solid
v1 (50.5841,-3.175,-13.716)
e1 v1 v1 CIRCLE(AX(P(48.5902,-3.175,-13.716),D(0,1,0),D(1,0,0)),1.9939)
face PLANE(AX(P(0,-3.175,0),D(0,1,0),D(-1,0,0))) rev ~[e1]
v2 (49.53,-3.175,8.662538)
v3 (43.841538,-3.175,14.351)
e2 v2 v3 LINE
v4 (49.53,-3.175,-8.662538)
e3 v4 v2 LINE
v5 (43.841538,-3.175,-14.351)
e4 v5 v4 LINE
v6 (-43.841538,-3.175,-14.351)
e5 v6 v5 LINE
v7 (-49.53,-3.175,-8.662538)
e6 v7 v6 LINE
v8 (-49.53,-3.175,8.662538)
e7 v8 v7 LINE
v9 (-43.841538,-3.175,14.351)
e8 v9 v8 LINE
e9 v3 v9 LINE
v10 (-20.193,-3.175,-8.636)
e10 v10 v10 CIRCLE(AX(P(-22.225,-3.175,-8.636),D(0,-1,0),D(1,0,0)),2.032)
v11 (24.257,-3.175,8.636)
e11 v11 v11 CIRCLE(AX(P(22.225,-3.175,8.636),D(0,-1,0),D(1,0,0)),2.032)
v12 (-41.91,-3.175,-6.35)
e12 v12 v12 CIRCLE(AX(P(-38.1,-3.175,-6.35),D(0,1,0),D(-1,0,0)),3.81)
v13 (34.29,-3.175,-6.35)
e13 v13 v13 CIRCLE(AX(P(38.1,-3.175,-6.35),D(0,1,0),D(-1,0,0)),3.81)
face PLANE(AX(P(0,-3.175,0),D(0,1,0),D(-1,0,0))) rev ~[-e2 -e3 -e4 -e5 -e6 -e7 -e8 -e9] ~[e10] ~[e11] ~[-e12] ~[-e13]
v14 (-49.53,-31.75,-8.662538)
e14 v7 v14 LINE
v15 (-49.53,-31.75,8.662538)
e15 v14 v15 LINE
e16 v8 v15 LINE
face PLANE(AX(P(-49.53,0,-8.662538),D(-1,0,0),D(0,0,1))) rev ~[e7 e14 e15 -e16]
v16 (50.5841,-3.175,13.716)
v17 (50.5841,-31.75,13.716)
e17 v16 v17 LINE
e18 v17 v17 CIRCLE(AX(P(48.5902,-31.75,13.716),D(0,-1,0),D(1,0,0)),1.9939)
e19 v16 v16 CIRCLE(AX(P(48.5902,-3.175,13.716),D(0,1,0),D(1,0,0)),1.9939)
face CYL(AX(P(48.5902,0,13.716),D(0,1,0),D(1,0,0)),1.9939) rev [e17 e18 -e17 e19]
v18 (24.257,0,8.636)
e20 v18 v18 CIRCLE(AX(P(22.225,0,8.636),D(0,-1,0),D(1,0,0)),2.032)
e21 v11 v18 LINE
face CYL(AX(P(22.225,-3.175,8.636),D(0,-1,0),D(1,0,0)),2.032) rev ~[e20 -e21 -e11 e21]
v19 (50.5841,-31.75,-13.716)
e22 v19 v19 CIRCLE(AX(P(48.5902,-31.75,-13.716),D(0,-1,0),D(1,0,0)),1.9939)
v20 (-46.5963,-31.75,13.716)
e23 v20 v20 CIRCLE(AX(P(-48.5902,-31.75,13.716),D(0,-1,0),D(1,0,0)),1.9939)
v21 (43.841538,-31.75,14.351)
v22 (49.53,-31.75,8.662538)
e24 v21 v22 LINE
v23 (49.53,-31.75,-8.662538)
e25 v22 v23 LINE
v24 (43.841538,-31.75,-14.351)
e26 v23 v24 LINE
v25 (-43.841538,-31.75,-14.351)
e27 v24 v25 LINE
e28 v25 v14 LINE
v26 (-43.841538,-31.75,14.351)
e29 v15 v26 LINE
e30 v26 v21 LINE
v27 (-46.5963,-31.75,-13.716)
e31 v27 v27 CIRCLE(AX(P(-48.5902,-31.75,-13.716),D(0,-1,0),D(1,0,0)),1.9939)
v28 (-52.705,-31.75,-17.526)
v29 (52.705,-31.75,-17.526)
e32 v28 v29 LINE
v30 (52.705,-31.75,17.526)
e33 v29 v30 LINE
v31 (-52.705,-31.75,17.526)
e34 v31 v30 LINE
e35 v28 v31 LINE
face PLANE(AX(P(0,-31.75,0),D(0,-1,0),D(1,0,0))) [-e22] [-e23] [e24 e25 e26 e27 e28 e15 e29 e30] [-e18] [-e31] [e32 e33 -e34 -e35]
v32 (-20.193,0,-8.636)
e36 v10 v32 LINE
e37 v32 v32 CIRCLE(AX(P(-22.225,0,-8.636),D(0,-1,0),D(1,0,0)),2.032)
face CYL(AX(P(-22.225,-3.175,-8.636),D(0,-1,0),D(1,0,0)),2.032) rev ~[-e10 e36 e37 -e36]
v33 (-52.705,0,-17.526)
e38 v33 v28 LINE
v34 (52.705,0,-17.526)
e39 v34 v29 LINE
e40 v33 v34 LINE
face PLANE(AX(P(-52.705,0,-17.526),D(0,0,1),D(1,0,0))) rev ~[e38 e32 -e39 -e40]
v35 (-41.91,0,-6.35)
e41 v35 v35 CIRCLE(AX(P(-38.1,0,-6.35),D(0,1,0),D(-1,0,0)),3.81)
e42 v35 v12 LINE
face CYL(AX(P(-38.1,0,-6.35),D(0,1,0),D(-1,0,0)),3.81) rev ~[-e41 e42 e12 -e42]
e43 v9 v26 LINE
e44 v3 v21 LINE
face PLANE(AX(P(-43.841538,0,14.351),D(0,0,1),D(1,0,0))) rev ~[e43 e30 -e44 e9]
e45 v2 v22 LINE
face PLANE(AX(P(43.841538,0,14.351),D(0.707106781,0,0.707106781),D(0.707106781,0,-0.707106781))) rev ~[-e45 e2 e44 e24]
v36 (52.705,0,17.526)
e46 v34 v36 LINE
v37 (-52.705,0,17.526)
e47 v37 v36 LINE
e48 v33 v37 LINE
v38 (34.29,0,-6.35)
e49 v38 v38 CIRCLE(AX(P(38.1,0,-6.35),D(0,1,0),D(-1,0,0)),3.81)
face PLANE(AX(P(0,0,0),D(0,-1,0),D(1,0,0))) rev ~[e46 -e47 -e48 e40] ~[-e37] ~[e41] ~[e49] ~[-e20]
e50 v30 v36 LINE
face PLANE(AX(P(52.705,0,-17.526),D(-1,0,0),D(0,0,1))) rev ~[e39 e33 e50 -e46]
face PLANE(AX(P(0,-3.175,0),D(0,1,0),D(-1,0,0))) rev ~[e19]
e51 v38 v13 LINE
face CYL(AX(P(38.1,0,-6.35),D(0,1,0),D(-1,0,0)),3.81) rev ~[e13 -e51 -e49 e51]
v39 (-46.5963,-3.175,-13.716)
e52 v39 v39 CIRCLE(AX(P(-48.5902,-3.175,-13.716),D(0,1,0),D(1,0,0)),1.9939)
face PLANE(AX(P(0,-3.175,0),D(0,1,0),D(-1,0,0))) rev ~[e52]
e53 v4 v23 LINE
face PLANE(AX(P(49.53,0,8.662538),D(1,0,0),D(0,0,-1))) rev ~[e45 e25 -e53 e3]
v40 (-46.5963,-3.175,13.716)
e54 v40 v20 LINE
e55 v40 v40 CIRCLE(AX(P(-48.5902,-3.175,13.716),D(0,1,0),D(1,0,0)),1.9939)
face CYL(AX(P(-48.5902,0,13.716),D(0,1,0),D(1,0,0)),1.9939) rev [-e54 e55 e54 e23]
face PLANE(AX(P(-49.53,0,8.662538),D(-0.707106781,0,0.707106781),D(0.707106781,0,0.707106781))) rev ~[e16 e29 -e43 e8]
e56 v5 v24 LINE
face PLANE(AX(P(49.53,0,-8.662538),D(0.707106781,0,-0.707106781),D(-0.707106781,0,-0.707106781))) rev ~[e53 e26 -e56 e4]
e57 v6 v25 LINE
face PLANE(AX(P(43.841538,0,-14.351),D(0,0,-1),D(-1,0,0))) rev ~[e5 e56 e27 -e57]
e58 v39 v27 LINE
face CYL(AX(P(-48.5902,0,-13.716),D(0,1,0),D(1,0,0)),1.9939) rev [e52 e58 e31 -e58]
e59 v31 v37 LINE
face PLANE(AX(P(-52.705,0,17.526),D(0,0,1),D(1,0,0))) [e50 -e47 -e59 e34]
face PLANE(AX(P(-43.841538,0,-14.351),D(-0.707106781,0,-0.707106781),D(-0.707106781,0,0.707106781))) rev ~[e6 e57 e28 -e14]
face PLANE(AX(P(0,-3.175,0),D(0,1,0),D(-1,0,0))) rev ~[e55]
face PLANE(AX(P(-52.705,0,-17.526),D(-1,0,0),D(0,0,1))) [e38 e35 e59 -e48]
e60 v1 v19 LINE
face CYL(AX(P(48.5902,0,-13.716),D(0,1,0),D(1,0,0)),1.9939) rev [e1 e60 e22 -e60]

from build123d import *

# Parameters (mm, degrees)
F0_W     = 105.41
F0_H     = 35.052
F0_R     = 1.9939
F1_DEPTH = 31.75
F2_W     = 105.41
F2_H     = 35.052
F3_DEPTH = 3.175
F4_R     = 3.81
F5_DEPTH = 25.4
F6_R     = 2.032
F7_DEPTH = 25.4


with BuildPart() as f1:
    # F0 (on Front) → F1 (new body)
    with BuildSketch(Plane.XZ):
        Rectangle(F0_W, F0_H)
        with Locations((-48.5902, -13.716)):
            Circle(F0_R, mode=Mode.SUBTRACT)
        with Locations((48.5902, -13.716)):
            Circle(F0_R, mode=Mode.SUBTRACT)
        with Locations((-48.5902, 13.716)):
            Circle(F0_R, mode=Mode.SUBTRACT)
        Polygon((-49.53, -8.662538), (-49.53, 8.662538), (-43.841538, 14.351), (43.841538, 14.351), (49.53, 8.662538), (49.53, -8.662538), (43.841538, -14.351), (-43.841538, -14.351), align=None, mode=Mode.SUBTRACT)
        with Locations((48.5902, 13.716)):
            Circle(F0_R, mode=Mode.SUBTRACT)
    extrude(amount=F1_DEPTH)

    # F2 (on face) → F3 (join)
    with BuildSketch(Plane(origin=(0, 0, 0), x_dir=(-1, 0, 0), z_dir=(0, 1, 0))):
        Rectangle(F2_W, F2_H)
    extrude(amount=-F3_DEPTH)

    # F4 (on face) → F5 (cut)
    with BuildSketch(Plane(origin=(0, 0, 0), x_dir=(-1, 0, 0), z_dir=(0, 1, 0))):
        with Locations((-38.1, -6.35)):
            Circle(F4_R)
        with Locations((38.1, -6.35)):
            Circle(F4_R)
    extrude(amount=-F5_DEPTH, mode=Mode.SUBTRACT)

    # F6 (on face) → F7 (cut)
    with BuildSketch(Plane.XZ.offset(3.175)):
        with Locations((22.225, 8.636)):
            Circle(F6_R)
        with Locations((-22.225, -8.636)):
            Circle(F6_R)
    extrude(amount=-F7_DEPTH, mode=Mode.SUBTRACT)


solid = f1.part
